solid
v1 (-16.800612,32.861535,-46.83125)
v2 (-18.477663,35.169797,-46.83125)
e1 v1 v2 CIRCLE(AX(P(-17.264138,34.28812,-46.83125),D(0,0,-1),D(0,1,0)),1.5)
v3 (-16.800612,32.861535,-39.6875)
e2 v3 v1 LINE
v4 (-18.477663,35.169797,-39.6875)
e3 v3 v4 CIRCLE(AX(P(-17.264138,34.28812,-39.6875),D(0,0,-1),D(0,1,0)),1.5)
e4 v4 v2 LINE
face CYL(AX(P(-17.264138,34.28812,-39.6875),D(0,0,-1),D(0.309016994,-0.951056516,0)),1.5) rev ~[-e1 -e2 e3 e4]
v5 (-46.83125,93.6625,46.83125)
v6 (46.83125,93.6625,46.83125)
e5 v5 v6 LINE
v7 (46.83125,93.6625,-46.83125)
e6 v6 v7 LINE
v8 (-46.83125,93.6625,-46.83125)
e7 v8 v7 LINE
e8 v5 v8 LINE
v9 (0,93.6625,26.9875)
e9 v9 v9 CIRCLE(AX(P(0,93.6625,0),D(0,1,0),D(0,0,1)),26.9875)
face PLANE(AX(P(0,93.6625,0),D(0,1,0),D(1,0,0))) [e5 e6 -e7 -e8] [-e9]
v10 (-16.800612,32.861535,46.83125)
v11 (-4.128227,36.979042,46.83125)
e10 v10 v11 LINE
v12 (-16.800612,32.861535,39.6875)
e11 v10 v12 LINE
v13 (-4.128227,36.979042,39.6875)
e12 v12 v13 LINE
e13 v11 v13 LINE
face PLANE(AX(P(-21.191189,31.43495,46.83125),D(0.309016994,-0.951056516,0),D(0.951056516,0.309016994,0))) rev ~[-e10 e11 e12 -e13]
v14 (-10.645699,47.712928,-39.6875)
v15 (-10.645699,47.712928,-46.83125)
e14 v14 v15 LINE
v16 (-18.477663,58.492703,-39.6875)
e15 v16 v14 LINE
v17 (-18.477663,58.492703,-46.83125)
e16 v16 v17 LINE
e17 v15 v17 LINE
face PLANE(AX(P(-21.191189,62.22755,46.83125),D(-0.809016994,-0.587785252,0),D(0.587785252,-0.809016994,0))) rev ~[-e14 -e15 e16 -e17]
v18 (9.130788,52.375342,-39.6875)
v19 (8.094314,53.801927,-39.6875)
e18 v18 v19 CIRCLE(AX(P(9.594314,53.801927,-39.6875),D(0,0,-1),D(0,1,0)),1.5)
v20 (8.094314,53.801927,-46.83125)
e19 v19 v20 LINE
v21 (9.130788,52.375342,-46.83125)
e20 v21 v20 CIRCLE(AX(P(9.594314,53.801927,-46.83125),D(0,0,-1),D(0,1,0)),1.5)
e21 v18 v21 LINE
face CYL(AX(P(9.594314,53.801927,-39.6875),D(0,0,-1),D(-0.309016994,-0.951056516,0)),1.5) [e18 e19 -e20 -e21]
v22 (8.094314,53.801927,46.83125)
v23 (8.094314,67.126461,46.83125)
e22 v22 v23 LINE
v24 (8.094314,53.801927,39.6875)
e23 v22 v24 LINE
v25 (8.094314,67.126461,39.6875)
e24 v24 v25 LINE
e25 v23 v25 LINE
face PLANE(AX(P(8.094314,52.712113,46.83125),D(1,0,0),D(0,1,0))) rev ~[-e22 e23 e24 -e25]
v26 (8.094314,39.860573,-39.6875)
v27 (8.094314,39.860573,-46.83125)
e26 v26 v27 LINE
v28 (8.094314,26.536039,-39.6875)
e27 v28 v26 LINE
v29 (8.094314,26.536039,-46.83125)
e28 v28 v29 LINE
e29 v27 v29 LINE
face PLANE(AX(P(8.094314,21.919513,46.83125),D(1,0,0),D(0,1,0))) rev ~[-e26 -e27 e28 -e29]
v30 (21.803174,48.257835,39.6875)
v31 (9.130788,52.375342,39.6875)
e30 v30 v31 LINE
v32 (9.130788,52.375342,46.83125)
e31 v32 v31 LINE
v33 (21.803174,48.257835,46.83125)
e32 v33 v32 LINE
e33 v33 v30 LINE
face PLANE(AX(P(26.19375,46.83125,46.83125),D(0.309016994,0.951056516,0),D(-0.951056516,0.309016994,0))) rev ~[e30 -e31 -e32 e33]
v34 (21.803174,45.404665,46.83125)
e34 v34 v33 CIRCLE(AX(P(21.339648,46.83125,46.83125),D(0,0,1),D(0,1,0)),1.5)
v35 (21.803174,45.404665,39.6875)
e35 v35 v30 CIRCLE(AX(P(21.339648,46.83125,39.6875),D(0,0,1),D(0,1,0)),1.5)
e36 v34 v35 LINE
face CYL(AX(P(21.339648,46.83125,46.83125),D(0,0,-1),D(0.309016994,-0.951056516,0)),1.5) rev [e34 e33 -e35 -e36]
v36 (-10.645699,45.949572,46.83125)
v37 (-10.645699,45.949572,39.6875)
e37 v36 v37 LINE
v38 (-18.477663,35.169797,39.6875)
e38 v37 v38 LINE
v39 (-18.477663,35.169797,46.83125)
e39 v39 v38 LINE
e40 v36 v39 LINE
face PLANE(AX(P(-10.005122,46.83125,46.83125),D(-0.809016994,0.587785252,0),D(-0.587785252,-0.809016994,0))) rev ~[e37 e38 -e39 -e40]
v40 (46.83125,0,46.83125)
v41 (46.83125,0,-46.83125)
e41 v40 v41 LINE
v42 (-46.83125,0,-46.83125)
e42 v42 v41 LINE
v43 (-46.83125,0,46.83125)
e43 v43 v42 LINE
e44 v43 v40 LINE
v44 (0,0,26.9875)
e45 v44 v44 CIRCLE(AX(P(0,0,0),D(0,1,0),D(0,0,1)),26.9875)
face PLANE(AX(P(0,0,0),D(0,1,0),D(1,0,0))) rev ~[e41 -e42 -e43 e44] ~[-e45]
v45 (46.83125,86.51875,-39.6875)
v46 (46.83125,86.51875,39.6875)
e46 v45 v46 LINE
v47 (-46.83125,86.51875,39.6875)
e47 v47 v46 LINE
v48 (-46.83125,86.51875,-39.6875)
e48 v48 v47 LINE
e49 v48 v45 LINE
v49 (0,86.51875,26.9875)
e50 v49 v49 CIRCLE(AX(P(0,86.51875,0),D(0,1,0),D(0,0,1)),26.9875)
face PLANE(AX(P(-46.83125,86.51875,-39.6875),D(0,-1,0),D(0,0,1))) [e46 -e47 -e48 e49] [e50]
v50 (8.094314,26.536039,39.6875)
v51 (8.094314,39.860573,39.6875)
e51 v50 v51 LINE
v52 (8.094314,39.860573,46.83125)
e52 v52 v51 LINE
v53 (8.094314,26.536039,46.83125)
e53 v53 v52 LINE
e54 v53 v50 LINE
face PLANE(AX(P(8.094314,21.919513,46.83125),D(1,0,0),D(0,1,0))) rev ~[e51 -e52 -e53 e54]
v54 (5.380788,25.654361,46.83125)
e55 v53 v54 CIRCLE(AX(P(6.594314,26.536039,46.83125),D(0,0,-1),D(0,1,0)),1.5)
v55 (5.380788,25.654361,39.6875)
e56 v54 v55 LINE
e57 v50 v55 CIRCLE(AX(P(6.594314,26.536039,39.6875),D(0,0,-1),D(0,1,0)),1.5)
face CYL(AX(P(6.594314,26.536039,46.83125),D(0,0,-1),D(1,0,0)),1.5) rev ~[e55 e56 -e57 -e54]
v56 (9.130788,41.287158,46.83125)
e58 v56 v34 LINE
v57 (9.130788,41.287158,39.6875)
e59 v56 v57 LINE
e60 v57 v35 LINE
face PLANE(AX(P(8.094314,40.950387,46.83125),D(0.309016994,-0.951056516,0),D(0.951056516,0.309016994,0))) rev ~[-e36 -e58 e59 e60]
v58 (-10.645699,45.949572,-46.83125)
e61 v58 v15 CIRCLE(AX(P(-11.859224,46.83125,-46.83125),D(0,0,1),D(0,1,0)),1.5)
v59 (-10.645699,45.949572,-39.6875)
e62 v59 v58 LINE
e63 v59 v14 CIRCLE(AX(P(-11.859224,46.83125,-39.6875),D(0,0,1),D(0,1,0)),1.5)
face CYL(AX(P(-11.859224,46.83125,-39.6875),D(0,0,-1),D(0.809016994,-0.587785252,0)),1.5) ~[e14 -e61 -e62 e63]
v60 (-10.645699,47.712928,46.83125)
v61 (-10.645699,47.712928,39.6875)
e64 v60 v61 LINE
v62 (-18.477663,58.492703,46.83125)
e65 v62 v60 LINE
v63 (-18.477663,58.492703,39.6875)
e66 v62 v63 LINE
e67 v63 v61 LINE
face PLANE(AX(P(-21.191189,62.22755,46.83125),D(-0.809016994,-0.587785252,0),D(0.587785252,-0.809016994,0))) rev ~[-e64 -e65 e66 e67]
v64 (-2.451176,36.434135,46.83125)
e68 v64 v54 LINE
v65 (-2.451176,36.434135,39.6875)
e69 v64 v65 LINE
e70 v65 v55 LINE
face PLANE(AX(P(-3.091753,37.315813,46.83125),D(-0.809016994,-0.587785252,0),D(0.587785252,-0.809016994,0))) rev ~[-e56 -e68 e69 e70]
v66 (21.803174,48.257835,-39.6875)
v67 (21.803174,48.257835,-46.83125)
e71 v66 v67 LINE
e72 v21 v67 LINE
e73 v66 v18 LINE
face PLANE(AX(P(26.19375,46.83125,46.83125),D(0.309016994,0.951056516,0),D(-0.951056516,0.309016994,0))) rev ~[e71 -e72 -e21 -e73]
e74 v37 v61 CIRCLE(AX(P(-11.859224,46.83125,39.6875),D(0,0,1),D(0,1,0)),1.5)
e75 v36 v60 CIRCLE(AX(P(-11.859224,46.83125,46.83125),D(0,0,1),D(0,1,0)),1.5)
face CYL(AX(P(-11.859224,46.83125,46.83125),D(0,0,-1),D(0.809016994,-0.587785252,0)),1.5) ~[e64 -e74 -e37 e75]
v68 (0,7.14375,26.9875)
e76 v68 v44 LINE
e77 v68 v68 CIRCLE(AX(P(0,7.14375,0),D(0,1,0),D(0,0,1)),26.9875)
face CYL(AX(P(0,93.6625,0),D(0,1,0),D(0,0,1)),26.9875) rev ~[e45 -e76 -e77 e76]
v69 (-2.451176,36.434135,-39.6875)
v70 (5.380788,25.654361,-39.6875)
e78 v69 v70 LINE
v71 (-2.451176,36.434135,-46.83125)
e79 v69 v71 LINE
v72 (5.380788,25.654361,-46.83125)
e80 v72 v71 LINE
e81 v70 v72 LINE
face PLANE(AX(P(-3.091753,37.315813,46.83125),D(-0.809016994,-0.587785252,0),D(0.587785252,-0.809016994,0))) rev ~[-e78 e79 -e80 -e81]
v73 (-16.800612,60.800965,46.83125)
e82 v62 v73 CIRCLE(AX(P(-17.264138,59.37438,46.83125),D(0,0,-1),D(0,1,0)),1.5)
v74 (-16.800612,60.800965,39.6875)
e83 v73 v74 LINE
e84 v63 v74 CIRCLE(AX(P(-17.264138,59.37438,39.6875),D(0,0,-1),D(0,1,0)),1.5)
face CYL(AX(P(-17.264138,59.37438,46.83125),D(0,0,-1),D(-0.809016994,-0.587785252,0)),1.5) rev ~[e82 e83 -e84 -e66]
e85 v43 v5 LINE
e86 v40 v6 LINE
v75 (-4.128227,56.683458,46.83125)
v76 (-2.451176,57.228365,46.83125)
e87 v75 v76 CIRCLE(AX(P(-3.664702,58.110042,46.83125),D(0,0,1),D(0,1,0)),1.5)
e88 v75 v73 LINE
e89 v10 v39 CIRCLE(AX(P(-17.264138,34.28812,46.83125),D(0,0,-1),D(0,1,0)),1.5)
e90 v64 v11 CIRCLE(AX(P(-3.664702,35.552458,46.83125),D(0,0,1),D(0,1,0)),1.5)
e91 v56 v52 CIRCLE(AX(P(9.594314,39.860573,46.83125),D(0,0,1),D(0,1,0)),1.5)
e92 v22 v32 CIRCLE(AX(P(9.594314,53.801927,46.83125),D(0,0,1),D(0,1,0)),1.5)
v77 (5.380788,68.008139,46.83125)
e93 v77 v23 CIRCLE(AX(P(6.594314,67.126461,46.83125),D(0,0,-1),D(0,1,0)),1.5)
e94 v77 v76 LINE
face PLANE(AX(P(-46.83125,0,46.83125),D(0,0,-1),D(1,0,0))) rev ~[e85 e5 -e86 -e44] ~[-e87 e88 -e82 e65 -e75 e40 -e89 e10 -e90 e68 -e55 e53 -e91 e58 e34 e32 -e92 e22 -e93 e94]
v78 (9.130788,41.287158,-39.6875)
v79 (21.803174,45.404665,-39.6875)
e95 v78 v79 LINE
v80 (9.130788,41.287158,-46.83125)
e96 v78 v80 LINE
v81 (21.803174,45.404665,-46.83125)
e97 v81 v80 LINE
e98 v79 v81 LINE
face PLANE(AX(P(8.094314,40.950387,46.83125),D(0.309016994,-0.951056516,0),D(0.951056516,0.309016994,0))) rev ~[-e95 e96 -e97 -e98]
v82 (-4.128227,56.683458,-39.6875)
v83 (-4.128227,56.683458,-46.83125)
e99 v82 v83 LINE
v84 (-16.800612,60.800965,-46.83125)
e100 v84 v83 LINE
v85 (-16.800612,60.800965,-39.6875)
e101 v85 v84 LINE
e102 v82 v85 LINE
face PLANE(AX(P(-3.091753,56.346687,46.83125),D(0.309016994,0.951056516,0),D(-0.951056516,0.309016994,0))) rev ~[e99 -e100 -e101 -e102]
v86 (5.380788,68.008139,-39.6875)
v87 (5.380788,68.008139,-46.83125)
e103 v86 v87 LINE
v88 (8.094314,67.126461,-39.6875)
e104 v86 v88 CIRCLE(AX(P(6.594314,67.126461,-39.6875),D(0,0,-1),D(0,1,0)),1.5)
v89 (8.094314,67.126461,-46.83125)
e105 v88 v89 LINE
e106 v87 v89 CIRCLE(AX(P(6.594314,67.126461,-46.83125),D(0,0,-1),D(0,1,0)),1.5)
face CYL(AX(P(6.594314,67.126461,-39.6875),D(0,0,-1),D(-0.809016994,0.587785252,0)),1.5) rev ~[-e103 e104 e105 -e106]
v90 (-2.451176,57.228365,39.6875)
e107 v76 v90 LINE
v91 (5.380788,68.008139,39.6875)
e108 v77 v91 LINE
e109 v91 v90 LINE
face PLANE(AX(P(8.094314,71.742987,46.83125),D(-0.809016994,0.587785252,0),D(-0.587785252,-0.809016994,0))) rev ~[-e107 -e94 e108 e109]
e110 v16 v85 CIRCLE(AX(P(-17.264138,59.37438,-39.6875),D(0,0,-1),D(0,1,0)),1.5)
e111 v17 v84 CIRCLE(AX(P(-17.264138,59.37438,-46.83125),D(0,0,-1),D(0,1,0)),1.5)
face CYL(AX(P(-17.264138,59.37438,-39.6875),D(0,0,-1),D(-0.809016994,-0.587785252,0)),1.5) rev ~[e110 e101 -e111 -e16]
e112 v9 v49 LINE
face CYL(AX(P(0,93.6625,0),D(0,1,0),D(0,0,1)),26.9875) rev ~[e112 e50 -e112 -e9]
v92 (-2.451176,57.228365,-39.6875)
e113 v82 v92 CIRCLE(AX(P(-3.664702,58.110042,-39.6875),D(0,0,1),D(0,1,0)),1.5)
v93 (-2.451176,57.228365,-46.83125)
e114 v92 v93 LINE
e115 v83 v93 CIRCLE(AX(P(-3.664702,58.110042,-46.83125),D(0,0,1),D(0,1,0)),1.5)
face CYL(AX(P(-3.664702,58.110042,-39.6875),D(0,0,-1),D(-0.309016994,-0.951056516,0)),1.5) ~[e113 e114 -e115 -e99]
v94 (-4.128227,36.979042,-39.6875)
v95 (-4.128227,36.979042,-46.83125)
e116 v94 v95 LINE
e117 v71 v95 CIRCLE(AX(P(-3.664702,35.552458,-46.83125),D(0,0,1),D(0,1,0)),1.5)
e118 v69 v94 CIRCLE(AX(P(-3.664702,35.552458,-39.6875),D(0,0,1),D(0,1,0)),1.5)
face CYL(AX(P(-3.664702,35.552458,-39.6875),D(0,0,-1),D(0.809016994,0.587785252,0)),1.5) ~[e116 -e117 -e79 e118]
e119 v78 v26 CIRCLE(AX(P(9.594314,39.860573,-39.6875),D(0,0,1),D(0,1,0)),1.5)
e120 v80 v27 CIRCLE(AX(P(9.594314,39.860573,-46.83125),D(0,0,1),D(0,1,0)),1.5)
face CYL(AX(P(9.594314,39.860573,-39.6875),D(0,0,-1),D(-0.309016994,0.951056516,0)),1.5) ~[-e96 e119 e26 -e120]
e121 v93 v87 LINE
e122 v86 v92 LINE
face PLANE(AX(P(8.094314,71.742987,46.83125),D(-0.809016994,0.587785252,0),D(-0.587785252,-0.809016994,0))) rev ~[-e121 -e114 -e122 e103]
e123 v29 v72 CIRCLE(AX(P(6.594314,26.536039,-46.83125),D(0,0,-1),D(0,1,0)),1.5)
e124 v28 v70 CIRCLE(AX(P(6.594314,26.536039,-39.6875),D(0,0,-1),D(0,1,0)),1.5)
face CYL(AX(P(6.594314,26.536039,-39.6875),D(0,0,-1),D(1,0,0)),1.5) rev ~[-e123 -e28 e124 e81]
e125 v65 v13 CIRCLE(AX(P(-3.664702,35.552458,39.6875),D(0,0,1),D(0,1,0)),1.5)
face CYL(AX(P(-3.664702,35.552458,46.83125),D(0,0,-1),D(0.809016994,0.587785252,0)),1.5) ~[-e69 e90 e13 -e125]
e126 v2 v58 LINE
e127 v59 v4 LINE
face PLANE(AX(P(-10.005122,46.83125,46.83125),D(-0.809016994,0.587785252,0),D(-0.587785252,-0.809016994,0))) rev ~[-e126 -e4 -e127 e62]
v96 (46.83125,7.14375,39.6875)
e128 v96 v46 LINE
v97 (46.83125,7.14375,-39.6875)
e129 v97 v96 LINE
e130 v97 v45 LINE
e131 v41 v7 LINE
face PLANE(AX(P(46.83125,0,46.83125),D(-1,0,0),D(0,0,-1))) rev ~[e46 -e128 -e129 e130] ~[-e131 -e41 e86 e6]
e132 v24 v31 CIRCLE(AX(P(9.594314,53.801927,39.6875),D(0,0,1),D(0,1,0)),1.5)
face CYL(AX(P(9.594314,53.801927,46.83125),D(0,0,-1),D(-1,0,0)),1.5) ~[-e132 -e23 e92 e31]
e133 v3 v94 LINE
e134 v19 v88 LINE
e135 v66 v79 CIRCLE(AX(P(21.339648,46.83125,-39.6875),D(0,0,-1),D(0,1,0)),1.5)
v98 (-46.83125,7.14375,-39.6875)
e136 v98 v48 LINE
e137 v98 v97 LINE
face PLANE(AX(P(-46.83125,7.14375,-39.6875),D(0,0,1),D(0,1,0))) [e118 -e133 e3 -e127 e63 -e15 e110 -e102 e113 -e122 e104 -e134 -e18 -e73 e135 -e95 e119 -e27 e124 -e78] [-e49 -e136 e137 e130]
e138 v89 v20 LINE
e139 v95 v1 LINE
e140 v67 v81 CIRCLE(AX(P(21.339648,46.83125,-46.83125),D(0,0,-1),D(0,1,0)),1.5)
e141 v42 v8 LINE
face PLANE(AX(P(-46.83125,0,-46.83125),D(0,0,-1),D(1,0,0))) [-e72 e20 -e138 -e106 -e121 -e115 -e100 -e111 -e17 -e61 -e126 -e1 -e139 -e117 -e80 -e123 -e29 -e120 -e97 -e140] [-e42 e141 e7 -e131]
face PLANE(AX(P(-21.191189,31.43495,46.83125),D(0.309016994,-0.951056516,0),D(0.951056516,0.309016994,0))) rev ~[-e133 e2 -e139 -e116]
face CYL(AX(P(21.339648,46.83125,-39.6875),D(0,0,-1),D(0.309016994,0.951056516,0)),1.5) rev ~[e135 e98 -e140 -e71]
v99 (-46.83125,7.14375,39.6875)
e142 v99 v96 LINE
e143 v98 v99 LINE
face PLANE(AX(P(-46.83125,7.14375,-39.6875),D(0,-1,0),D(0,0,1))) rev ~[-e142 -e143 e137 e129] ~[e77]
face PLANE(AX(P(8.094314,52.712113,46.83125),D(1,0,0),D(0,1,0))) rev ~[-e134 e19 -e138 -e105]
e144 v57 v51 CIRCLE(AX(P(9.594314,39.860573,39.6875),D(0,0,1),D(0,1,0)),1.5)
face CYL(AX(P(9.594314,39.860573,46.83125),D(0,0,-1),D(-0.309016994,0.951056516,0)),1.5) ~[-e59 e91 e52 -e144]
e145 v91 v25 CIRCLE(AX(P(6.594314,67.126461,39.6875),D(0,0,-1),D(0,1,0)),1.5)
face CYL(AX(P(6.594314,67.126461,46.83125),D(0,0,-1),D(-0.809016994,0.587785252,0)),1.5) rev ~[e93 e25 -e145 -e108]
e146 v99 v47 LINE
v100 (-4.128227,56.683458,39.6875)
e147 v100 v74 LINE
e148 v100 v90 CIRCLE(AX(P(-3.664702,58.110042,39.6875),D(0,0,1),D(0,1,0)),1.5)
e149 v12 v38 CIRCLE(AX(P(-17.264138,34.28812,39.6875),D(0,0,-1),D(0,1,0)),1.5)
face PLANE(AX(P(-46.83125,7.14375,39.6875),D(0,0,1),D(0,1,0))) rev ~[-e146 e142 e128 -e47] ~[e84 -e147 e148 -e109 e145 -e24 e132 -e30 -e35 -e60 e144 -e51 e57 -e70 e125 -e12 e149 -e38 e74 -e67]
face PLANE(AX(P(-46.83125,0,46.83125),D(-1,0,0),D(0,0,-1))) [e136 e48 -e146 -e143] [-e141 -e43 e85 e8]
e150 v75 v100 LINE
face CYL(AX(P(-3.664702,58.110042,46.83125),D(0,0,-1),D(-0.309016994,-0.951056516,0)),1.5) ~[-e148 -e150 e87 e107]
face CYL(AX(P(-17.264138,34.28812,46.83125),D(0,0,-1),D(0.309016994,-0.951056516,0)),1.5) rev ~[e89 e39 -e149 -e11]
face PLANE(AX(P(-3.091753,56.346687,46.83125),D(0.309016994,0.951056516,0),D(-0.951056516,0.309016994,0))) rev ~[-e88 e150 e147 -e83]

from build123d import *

# Parameters (mm, degrees)
SKETCH1_W           = 93.6625
SKETCH1_H           = 93.6625
BOSS_EXTRUDE1_DEPTH = 93.6625
SKETCH3_R           = 26.9875
CUT_EXTRUDE1_DEPTH  = 115.712666517
SKETCH4_W           = 79.375
SKETCH4_H           = 79.375
CUT_EXTRUDE2_DEPTH  = 141.49375
CUT_EXTRUDE3_DEPTH  = 141.49375
FILLET1_R           = 1.5
FILLET2_R           = 1.5


with BuildPart() as part:
    # Sketch1 → Boss-Extrude1 (new body)
    with BuildSketch(Plane(origin=(0, 0, 0), x_dir=(1, 0, 0), z_dir=(0, 1, 0))):
        Rectangle(SKETCH1_W, SKETCH1_H)
    extrude(amount=BOSS_EXTRUDE1_DEPTH)

    # Sketch3 → Cut-Extrude1 (cut, through all)
    with BuildSketch(Plane(origin=(0, 93.6625, 0), x_dir=(1, 0, 0), z_dir=(0, 1, 0))):
        with Locations(Location((0, 0, 0), (0, 0, 270))):
            Circle(SKETCH3_R)
    extrude(amount=-CUT_EXTRUDE1_DEPTH, mode=Mode.SUBTRACT)

    # Sketch4 → Cut-Extrude2 (cut, through all)
    with BuildSketch(Plane.ZY.offset(46.83125)):
        with Locations((0, 46.83125)):
            Rectangle(SKETCH4_W, SKETCH4_H)
    extrude(amount=-CUT_EXTRUDE2_DEPTH, mode=Mode.SUBTRACT)

    # Sketch5 → Cut-Extrude3 (cut, through all)
    with BuildSketch(Plane.XY.offset(46.83125)):
        Polygon((26.19375, 46.83125), (8.094313896, 52.712113281), (8.094313896, 71.742986624), (-3.091752793, 56.346686671), (-21.191188896, 62.227549952), (-10.005122207, 46.83125), (-21.191188896, 31.434950048), (-3.091752793, 37.315813329), (8.094313896, 21.919513376), (8.094313896, 40.950386719), align=None)
    extrude(amount=-CUT_EXTRUDE3_DEPTH, mode=Mode.SUBTRACT)

    # Fillet1
    fillet1_edges = [part.edges().sort_by_distance(p)[0] for p in [
        (26.19375, 46.83125, 43.259375),
        (8.094313896, 40.950386719, 43.259375),
        (8.094313896, 21.919513376, 43.259375),
        (-3.091752793, 37.315813329, 43.259375),
        (-21.191188896, 31.434950048, 43.259375),
        (-10.005122207, 46.83125, 43.259375),
        (-21.191188896, 62.227549952, 43.259375),
        (-3.091752793, 56.346686671, 43.259375),
        (8.094313896, 71.742986624, 43.259375),
        (8.094313896, 52.712113281, 43.259375),
    ]]
    fillet(fillet1_edges, radius=FILLET1_R)

    # Fillet2
    fillet2_edges = [part.edges().sort_by_distance(p)[0] for p in [
        (26.19375, 46.83125, -43.259375),
        (8.094313896, 40.950386719, -43.259375),
        (8.094313896, 21.919513376, -43.259375),
        (-3.091752793, 37.315813329, -43.259375),
        (-21.191188896, 31.434950048, -43.259375),
        (-10.005122207, 46.83125, -43.259375),
        (-21.191188896, 62.227549952, -43.259375),
        (-3.091752793, 56.346686671, -43.259375),
        (8.094313896, 71.742986624, -43.259375),
        (8.094313896, 52.712113281, -43.259375),
    ]]
    fillet(fillet2_edges, radius=FILLET2_R)


solid = part.part
